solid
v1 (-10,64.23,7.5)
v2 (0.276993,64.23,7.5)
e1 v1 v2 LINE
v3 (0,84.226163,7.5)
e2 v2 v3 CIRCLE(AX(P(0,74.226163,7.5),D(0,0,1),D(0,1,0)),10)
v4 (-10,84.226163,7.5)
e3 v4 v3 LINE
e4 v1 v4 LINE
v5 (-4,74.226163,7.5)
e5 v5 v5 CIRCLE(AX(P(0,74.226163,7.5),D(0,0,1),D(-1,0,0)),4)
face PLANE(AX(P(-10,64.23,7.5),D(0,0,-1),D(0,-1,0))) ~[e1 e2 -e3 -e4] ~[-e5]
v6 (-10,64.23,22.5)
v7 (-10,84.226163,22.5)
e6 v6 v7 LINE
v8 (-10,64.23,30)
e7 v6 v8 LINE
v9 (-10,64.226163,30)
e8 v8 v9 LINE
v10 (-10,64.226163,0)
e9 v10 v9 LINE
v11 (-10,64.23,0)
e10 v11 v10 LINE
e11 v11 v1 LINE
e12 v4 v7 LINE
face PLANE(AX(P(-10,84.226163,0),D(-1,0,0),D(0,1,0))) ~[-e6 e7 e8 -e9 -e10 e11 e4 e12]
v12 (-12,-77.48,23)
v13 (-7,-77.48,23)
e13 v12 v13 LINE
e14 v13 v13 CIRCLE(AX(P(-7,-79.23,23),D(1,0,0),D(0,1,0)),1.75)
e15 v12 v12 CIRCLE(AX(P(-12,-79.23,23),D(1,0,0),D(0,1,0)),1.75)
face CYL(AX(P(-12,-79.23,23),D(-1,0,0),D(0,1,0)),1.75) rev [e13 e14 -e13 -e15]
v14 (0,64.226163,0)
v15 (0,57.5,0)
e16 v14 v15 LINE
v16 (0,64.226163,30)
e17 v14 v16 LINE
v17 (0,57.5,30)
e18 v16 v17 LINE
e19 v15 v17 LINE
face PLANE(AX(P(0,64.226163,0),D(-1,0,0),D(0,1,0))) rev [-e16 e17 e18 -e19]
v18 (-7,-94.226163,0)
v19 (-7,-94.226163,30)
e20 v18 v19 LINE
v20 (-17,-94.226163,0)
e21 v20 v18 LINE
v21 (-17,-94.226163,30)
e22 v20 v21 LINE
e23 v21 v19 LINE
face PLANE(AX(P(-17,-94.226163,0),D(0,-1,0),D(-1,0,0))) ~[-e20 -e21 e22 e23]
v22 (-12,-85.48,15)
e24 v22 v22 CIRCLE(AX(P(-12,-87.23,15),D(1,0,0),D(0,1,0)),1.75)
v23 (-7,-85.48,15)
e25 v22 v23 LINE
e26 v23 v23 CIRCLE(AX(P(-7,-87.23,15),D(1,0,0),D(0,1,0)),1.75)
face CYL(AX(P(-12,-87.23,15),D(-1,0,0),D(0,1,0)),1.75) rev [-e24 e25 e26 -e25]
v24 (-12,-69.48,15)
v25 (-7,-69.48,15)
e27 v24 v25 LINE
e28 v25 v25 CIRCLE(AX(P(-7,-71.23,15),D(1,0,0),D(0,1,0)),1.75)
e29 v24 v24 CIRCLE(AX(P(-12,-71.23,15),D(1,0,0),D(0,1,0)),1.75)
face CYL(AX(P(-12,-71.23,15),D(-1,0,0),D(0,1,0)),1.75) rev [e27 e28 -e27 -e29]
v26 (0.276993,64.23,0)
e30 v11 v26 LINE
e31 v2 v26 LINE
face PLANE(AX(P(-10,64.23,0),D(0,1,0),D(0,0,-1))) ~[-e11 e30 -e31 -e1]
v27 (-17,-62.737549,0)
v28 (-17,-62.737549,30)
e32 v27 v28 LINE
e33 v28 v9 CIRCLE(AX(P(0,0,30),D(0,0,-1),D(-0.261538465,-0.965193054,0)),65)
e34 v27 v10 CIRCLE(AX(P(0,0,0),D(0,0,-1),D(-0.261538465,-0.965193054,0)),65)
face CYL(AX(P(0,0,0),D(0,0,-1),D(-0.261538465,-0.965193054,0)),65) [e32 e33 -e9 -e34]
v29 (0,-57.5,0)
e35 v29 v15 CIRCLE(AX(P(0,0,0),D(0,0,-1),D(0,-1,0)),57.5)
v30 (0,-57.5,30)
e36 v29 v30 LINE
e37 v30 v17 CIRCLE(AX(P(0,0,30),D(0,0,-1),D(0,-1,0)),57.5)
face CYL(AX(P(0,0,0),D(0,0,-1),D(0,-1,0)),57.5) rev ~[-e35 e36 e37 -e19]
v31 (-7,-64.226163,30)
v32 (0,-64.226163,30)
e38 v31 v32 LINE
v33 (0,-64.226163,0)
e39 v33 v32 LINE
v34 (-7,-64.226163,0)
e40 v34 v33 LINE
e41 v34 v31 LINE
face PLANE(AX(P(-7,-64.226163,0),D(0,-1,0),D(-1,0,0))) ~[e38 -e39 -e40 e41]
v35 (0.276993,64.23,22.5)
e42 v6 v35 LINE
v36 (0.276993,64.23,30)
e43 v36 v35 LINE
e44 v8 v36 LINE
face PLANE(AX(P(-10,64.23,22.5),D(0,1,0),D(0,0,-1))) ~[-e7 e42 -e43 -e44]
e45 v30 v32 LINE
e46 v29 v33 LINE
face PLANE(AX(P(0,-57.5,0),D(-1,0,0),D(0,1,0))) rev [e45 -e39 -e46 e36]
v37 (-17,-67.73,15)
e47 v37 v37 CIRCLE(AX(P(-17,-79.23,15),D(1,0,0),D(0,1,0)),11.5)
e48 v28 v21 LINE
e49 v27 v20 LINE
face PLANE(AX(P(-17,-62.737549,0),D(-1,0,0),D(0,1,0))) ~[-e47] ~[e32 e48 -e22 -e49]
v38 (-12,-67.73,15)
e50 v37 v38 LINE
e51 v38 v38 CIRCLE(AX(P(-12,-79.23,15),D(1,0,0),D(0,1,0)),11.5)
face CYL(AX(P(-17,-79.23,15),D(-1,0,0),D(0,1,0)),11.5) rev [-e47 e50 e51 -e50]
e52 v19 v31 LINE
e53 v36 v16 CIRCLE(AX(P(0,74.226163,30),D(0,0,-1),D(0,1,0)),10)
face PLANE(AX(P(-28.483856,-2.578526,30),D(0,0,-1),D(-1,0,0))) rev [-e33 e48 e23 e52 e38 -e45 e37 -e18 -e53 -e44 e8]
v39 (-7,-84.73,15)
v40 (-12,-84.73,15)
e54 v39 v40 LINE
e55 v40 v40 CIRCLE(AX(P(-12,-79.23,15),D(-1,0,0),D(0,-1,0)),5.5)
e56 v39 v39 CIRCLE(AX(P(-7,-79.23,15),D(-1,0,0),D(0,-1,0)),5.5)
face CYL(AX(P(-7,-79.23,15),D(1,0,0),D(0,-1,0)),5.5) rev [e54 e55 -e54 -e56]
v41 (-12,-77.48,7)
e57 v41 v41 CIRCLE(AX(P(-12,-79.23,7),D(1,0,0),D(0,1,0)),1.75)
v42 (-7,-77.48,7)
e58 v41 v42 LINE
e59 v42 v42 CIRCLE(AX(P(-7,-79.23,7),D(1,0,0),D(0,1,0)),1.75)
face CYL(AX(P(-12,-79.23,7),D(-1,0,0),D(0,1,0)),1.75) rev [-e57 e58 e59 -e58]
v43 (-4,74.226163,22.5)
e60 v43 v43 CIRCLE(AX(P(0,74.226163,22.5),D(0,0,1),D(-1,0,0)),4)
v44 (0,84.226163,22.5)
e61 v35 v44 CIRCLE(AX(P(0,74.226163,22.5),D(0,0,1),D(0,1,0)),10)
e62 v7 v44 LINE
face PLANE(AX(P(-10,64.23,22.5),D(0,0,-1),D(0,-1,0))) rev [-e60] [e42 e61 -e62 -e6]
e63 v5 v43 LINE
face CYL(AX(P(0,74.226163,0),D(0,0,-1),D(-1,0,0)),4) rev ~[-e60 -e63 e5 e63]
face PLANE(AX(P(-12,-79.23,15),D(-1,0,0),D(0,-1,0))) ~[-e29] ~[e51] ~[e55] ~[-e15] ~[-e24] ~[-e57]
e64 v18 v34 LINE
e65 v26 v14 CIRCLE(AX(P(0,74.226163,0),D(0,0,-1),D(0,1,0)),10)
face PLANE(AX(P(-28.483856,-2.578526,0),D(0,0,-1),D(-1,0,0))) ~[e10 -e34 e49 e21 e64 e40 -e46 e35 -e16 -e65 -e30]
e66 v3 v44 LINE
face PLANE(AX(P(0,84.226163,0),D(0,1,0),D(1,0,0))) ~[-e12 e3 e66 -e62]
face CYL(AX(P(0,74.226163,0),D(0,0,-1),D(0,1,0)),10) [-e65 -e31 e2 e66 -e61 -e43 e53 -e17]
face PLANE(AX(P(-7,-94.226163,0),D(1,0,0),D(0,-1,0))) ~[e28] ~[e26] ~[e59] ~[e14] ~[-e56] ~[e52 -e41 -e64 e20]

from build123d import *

# Parameters (mm, degrees)
SKETCH_R        = 4
PAD_DEPTH       = 30
SKETCH001_R     = 5.5
POCKET_DEPTH    = 10
SKETCH002_R     = 11.5
POCKET001_DEPTH = 5
SKETCH003_R     = 1.75
POCKET002_DEPTH = 22.001
SKETCH005_W     = 20
SKETCH005_H     = 7.5
POCKET004_DEPTH = 20.001


with BuildPart() as body:
    # Sketch → Pad (new body)
    with BuildSketch(Plane.XY):
        with BuildLine():
            ThreePointArc((0, -57.5), (57.5, 0), (0, 57.5))
            Line((0, 64.226163), (0, 57.5))
            ThreePointArc((0, 84.226163), (-10, 74.226163), (0, 64.226163))
            Line((0, 84.226163), (10, 84.226163))
            Line((10, 84.226163), (10, 64.226163))
            ThreePointArc((17, -62.737549), (64.901433, 3.578267), (10, 64.226163))
            Line((17, -62.737549), (17, -94.226163))
            Line((17, -94.226163), (7, -94.226163))
            Line((7, -94.226163), (7, -64.226163))
            Line((7, -64.226163), (0, -64.226163))
            Line((0, -57.5), (0, -64.226163))
        make_face()
        with Locations((0, 74.226163)):
            Circle(SKETCH_R, mode=Mode.SUBTRACT)
    extrude(amount=PAD_DEPTH)

    # Sketch001 (on Face9 of Pad) → Pocket (cut)
    with BuildSketch(Plane(origin=(7, 0, 0), x_dir=(0, -1, 0), z_dir=(-1, 0, 0))):
        with Locations((79.23, 15)):
            Circle(SKETCH001_R)
    extrude(amount=-POCKET_DEPTH, mode=Mode.SUBTRACT)

    # Sketch002 (on Face11 of Pocket) → Pocket001 (cut)
    with BuildSketch(Plane.YZ.offset(17)):
        with Locations((-79.23, 15)):
            Circle(SKETCH002_R)
    extrude(amount=-POCKET001_DEPTH, mode=Mode.SUBTRACT)

    # Sketch003 (on Face17 of Pocket001) → Pocket002 (cut, through all)
    with BuildSketch(Plane.YZ.offset(12)):
        with Locations((-87.23, 15)):
            Circle(SKETCH003_R)
        with Locations((-79.23, 23)):
            Circle(SKETCH003_R)
        with Locations((-71.23, 15)):
            Circle(SKETCH003_R)
        with Locations((-79.23, 7)):
            Circle(SKETCH003_R)
    extrude(amount=-POCKET002_DEPTH, mode=Mode.SUBTRACT)

    # Sketch005 (on Face9 of Pocket002) → Pocket004 (cut, through all)
    with BuildSketch(Plane.YZ.offset(10)):
        with Locations((74.23, 26.25)):
            Rectangle(SKETCH005_W, SKETCH005_H)
        with Locations((74.23, 3.75)):
            Rectangle(SKETCH005_W, SKETCH005_H)
    extrude(amount=-POCKET004_DEPTH, mode=Mode.SUBTRACT)


with BuildPart() as part_mirroring:
    # Part__Mirroring: instance of Body
    add(body.part.mirror(Plane(origin=(0, 0, 0), x_dir=(0, -1, 0), z_dir=(1, 0, 0))))


solid = part_mirroring.part
